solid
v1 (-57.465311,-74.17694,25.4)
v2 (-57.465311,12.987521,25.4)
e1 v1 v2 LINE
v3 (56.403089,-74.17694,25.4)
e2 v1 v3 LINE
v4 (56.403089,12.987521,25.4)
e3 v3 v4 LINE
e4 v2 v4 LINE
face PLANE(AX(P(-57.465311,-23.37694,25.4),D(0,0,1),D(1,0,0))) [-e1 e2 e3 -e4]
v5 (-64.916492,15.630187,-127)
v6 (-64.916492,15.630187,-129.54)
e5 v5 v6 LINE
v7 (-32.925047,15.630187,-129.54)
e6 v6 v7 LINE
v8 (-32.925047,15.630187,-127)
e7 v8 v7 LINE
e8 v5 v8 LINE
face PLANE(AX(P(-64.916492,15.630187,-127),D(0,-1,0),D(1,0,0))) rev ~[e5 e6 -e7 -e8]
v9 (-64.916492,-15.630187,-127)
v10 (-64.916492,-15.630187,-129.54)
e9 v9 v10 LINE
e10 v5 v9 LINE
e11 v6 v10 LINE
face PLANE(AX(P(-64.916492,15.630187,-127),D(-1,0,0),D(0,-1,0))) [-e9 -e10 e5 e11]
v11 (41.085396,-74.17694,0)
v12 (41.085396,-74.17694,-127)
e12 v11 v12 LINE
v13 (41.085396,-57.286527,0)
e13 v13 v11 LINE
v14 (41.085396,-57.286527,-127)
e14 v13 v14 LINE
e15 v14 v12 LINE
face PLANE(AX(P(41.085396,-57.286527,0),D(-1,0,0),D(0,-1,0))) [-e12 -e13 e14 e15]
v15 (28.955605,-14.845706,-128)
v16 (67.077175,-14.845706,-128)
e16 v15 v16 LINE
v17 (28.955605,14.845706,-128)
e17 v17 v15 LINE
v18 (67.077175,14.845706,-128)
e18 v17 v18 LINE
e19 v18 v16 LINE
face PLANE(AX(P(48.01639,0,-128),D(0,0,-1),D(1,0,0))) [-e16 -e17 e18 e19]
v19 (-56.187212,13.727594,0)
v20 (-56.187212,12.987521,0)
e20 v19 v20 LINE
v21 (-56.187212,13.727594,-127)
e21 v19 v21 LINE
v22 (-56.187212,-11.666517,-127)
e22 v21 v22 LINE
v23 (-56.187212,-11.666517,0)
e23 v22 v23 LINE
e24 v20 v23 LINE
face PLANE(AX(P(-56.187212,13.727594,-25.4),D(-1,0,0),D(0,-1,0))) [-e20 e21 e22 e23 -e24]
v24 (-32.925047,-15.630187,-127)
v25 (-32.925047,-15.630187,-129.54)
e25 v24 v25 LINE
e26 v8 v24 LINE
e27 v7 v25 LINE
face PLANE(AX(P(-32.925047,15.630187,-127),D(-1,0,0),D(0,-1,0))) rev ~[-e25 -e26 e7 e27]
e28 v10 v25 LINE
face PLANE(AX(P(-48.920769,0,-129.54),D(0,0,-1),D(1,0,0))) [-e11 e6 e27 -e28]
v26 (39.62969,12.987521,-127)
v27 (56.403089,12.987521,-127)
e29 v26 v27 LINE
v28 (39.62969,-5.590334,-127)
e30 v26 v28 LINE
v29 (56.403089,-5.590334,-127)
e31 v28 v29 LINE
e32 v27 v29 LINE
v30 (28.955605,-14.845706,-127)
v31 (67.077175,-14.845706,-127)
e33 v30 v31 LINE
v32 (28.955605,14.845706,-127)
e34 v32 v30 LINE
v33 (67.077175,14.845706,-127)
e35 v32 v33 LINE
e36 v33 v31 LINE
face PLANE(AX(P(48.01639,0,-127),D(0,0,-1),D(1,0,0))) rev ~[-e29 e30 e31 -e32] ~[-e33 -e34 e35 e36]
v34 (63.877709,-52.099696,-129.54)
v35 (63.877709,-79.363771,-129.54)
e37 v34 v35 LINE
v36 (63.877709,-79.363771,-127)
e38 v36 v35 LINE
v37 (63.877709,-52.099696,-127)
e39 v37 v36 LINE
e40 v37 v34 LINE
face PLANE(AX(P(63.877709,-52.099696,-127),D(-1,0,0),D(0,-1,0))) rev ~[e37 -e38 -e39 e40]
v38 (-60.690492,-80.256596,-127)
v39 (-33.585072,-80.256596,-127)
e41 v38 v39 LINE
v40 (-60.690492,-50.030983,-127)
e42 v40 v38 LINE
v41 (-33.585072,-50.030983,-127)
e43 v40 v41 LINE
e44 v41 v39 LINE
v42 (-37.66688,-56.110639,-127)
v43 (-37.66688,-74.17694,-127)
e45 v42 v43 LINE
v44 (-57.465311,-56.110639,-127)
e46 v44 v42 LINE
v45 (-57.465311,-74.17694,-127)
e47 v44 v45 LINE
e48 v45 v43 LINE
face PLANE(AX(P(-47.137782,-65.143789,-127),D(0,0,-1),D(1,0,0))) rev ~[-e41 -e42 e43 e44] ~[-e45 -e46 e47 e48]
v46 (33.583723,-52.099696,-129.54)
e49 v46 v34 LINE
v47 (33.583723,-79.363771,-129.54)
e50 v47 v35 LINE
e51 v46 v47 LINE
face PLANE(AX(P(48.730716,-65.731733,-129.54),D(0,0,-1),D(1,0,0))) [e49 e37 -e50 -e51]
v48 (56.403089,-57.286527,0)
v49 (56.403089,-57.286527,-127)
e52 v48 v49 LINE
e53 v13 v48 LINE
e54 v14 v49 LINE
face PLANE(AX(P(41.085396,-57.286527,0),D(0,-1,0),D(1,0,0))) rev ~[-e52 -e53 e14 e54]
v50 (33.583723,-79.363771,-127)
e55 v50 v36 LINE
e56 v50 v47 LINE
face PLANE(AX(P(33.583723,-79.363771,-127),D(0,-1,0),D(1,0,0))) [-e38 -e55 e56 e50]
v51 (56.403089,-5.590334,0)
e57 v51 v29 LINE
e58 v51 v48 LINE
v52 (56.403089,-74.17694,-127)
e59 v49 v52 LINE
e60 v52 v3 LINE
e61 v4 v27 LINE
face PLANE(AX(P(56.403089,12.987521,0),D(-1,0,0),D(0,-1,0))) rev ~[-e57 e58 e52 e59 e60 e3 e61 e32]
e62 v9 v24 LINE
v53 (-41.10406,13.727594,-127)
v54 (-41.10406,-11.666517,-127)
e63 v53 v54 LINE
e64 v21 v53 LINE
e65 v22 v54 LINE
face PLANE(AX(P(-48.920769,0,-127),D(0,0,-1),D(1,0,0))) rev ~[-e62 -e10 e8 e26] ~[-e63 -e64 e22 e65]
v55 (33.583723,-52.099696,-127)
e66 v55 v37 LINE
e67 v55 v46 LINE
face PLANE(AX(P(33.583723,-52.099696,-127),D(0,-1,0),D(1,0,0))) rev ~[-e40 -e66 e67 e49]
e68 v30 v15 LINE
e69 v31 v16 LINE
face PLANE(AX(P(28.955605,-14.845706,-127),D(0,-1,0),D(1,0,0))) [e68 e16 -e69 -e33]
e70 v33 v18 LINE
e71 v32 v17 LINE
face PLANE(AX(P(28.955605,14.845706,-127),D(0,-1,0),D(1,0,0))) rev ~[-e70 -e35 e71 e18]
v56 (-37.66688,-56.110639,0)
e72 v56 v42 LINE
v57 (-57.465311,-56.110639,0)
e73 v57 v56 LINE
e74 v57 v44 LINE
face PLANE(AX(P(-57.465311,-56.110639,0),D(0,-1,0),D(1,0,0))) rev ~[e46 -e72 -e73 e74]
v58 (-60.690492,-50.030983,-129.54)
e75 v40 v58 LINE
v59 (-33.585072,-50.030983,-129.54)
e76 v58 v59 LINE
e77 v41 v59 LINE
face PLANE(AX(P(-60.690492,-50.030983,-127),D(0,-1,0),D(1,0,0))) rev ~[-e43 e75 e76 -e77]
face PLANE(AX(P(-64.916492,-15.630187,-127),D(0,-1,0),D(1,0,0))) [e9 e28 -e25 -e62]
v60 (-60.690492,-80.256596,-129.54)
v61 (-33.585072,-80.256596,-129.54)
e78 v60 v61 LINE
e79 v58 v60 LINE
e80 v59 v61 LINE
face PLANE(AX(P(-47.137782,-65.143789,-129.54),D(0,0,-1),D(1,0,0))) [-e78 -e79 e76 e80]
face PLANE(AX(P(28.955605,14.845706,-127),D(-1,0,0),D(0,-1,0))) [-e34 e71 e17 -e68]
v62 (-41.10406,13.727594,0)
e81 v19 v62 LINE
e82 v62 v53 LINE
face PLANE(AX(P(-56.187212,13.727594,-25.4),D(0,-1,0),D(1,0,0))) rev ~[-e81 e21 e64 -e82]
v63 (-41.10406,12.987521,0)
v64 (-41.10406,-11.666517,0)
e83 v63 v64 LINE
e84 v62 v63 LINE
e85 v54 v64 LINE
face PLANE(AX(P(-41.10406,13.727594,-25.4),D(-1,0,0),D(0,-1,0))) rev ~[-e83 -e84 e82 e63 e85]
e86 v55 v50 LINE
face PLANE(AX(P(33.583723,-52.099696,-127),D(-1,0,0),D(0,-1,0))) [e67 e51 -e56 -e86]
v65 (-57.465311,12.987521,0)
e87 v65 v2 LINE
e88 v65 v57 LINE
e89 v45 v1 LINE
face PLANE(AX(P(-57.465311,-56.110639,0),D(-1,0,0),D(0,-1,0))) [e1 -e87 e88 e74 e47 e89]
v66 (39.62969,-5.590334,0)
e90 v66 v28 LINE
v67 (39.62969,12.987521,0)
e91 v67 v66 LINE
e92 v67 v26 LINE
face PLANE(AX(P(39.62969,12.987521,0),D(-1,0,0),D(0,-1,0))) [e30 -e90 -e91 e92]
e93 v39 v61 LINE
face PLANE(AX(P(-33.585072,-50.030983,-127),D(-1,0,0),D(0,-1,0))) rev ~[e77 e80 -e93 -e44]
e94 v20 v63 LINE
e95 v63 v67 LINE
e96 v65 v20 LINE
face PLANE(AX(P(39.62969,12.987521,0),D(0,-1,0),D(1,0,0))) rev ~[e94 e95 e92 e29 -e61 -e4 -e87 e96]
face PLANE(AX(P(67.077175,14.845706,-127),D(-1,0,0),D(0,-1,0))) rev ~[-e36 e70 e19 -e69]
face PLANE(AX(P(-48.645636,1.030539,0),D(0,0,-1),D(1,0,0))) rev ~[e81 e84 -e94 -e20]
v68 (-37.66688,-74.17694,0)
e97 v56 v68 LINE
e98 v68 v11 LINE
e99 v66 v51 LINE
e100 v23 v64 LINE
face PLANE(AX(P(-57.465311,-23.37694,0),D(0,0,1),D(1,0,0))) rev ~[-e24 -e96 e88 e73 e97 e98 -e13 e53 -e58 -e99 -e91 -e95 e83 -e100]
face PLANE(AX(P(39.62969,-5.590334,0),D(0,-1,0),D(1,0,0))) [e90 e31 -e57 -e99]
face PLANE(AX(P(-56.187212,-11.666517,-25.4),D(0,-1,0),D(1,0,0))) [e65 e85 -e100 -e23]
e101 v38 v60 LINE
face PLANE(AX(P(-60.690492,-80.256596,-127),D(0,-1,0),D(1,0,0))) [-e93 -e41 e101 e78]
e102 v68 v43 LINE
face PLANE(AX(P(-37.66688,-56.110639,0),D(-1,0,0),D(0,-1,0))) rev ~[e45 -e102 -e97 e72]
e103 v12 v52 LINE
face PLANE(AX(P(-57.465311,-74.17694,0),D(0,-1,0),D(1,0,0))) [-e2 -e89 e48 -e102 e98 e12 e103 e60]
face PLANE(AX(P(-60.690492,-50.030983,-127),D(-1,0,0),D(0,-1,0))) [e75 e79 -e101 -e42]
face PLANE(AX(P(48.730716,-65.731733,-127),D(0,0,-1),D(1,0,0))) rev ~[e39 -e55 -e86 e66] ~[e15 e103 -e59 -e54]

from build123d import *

# Parameters (mm, degrees)
F0_W      = 113.8684004545
F0_H      = 36.3644612953
F1_DEPTH  = 25.4
F2_DEPTH  = 50.8
F3_W      = 15.3176933527
F3_H      = 16.8904128104
F4_DEPTH  = 127
F5_W      = 19.7984315455
F5_H      = 18.0663006932
F6_DEPTH  = 127
F7_W      = 16.7733989656
F7_H      = 18.577855546
F9_DEPTH  = 127
F10_W     = 15.0831528008
F10_H     = 25.3941109404
F11_DEPTH = 25.4
F12_W     = 15.0831528008
F12_H     = 25.3941109404
F13_DEPTH = 101.6
F14_W     = 31.9914445281
F14_H     = 31.2603749335
F15_DEPTH = 2.54
F16_W     = 27.1054208279
F16_H     = 30.2256134719
F17_DEPTH = 2.54
F18_W     = 38.1215699017
F18_H     = 29.6914111823
F19_DEPTH = 1
F20_W     = 30.2939862013
F20_H     = 27.2640747398
F21_DEPTH = 2.54


with BuildPart() as f1:
    # F0 (on Top) → F1 (new body)
    with BuildSketch(Plane.XY):
        with Locations((-0.5311109126, -5.1947091706)):
            Rectangle(F0_W, F0_H)
    extrude(amount=F1_DEPTH)

    # F2 (add): a face of the model
    f2_faces = [f1.faces().sort_by_distance(p)[0] for p in [
        (-0.5311109126, -23.3769398183, 12.7),
    ]]
    extrude(f2_faces, amount=F2_DEPTH)

    # F3 (on face) → F4 (join)
    with BuildSketch(Plane(origin=(0, 0, 0), x_dir=(1, 0, 0), z_dir=(0, 0, -1))):
        with Locations((48.7442426383, 65.731733413)):
            Rectangle(F3_W, F3_H)
    extrude(amount=F4_DEPTH)

    # F5 (on face) → F6 (join)
    with BuildSketch(Plane(origin=(0, 0, 0), x_dir=(1, 0, 0), z_dir=(0, 0, -1))):
        with Locations((-47.5660953671, 65.1437894717)):
            Rectangle(F5_W, F5_H)
    extrude(amount=F6_DEPTH)

    # F7 (on face) → F9 (join)
    with BuildSketch(Plane(origin=(0, 0, 0), x_dir=(1, 0, 0), z_dir=(0, 0, -1))):
        with Locations((48.0163898319, -3.698593704)):
            Rectangle(F7_W, F7_H)
    extrude(amount=F9_DEPTH)

    # F10 (on face) → F11 (join)
    with BuildSketch(Plane(origin=(0, 0, 0), x_dir=(1, 0, 0), z_dir=(0, 0, -1))):
        with Locations((-48.6456360668, -1.0305386968)):
            Rectangle(F10_W, F10_H)
    extrude(amount=F11_DEPTH)

    # F12 (on face) → F13 (join)
    with BuildSketch(Plane(origin=(0, 0, -25.4), x_dir=(1, 0, 0), z_dir=(0, 0, -1))):
        with Locations((-48.6456360668, -1.0305386968)):
            Rectangle(F12_W, F12_H)
    extrude(amount=F13_DEPTH)

    # F14 (on face) → F15 (join)
    with BuildSketch(Plane(origin=(0, 0, -127), x_dir=(1, 0, 0), z_dir=(0, 0, -1))):
        with Locations((-48.9207692444, 0)):
            Rectangle(F14_W, F14_H)
    extrude(amount=F15_DEPTH)

    # F16 (on face) → F17 (join)
    with BuildSketch(Plane(origin=(0, 0, -127), x_dir=(1, 0, 0), z_dir=(0, 0, -1))):
        with Locations((-47.1377819777, 65.1437894717)):
            Rectangle(F16_W, F16_H)
    extrude(amount=F17_DEPTH)

    # F18 (on face) → F19 (join)
    with BuildSketch(Plane(origin=(0, 0, -127), x_dir=(1, 0, 0), z_dir=(0, 0, -1))):
        with Locations((48.0163898319, 0)):
            Rectangle(F18_W, F18_H)
    extrude(amount=F19_DEPTH)

    # F20 (on face) → F21 (join)
    with BuildSketch(Plane(origin=(0, 0, -127), x_dir=(1, 0, 0), z_dir=(0, 0, -1))):
        with Locations((48.7307161093, 65.731733413)):
            Rectangle(F20_W, F20_H)
    extrude(amount=F21_DEPTH)


solid = f1.part
